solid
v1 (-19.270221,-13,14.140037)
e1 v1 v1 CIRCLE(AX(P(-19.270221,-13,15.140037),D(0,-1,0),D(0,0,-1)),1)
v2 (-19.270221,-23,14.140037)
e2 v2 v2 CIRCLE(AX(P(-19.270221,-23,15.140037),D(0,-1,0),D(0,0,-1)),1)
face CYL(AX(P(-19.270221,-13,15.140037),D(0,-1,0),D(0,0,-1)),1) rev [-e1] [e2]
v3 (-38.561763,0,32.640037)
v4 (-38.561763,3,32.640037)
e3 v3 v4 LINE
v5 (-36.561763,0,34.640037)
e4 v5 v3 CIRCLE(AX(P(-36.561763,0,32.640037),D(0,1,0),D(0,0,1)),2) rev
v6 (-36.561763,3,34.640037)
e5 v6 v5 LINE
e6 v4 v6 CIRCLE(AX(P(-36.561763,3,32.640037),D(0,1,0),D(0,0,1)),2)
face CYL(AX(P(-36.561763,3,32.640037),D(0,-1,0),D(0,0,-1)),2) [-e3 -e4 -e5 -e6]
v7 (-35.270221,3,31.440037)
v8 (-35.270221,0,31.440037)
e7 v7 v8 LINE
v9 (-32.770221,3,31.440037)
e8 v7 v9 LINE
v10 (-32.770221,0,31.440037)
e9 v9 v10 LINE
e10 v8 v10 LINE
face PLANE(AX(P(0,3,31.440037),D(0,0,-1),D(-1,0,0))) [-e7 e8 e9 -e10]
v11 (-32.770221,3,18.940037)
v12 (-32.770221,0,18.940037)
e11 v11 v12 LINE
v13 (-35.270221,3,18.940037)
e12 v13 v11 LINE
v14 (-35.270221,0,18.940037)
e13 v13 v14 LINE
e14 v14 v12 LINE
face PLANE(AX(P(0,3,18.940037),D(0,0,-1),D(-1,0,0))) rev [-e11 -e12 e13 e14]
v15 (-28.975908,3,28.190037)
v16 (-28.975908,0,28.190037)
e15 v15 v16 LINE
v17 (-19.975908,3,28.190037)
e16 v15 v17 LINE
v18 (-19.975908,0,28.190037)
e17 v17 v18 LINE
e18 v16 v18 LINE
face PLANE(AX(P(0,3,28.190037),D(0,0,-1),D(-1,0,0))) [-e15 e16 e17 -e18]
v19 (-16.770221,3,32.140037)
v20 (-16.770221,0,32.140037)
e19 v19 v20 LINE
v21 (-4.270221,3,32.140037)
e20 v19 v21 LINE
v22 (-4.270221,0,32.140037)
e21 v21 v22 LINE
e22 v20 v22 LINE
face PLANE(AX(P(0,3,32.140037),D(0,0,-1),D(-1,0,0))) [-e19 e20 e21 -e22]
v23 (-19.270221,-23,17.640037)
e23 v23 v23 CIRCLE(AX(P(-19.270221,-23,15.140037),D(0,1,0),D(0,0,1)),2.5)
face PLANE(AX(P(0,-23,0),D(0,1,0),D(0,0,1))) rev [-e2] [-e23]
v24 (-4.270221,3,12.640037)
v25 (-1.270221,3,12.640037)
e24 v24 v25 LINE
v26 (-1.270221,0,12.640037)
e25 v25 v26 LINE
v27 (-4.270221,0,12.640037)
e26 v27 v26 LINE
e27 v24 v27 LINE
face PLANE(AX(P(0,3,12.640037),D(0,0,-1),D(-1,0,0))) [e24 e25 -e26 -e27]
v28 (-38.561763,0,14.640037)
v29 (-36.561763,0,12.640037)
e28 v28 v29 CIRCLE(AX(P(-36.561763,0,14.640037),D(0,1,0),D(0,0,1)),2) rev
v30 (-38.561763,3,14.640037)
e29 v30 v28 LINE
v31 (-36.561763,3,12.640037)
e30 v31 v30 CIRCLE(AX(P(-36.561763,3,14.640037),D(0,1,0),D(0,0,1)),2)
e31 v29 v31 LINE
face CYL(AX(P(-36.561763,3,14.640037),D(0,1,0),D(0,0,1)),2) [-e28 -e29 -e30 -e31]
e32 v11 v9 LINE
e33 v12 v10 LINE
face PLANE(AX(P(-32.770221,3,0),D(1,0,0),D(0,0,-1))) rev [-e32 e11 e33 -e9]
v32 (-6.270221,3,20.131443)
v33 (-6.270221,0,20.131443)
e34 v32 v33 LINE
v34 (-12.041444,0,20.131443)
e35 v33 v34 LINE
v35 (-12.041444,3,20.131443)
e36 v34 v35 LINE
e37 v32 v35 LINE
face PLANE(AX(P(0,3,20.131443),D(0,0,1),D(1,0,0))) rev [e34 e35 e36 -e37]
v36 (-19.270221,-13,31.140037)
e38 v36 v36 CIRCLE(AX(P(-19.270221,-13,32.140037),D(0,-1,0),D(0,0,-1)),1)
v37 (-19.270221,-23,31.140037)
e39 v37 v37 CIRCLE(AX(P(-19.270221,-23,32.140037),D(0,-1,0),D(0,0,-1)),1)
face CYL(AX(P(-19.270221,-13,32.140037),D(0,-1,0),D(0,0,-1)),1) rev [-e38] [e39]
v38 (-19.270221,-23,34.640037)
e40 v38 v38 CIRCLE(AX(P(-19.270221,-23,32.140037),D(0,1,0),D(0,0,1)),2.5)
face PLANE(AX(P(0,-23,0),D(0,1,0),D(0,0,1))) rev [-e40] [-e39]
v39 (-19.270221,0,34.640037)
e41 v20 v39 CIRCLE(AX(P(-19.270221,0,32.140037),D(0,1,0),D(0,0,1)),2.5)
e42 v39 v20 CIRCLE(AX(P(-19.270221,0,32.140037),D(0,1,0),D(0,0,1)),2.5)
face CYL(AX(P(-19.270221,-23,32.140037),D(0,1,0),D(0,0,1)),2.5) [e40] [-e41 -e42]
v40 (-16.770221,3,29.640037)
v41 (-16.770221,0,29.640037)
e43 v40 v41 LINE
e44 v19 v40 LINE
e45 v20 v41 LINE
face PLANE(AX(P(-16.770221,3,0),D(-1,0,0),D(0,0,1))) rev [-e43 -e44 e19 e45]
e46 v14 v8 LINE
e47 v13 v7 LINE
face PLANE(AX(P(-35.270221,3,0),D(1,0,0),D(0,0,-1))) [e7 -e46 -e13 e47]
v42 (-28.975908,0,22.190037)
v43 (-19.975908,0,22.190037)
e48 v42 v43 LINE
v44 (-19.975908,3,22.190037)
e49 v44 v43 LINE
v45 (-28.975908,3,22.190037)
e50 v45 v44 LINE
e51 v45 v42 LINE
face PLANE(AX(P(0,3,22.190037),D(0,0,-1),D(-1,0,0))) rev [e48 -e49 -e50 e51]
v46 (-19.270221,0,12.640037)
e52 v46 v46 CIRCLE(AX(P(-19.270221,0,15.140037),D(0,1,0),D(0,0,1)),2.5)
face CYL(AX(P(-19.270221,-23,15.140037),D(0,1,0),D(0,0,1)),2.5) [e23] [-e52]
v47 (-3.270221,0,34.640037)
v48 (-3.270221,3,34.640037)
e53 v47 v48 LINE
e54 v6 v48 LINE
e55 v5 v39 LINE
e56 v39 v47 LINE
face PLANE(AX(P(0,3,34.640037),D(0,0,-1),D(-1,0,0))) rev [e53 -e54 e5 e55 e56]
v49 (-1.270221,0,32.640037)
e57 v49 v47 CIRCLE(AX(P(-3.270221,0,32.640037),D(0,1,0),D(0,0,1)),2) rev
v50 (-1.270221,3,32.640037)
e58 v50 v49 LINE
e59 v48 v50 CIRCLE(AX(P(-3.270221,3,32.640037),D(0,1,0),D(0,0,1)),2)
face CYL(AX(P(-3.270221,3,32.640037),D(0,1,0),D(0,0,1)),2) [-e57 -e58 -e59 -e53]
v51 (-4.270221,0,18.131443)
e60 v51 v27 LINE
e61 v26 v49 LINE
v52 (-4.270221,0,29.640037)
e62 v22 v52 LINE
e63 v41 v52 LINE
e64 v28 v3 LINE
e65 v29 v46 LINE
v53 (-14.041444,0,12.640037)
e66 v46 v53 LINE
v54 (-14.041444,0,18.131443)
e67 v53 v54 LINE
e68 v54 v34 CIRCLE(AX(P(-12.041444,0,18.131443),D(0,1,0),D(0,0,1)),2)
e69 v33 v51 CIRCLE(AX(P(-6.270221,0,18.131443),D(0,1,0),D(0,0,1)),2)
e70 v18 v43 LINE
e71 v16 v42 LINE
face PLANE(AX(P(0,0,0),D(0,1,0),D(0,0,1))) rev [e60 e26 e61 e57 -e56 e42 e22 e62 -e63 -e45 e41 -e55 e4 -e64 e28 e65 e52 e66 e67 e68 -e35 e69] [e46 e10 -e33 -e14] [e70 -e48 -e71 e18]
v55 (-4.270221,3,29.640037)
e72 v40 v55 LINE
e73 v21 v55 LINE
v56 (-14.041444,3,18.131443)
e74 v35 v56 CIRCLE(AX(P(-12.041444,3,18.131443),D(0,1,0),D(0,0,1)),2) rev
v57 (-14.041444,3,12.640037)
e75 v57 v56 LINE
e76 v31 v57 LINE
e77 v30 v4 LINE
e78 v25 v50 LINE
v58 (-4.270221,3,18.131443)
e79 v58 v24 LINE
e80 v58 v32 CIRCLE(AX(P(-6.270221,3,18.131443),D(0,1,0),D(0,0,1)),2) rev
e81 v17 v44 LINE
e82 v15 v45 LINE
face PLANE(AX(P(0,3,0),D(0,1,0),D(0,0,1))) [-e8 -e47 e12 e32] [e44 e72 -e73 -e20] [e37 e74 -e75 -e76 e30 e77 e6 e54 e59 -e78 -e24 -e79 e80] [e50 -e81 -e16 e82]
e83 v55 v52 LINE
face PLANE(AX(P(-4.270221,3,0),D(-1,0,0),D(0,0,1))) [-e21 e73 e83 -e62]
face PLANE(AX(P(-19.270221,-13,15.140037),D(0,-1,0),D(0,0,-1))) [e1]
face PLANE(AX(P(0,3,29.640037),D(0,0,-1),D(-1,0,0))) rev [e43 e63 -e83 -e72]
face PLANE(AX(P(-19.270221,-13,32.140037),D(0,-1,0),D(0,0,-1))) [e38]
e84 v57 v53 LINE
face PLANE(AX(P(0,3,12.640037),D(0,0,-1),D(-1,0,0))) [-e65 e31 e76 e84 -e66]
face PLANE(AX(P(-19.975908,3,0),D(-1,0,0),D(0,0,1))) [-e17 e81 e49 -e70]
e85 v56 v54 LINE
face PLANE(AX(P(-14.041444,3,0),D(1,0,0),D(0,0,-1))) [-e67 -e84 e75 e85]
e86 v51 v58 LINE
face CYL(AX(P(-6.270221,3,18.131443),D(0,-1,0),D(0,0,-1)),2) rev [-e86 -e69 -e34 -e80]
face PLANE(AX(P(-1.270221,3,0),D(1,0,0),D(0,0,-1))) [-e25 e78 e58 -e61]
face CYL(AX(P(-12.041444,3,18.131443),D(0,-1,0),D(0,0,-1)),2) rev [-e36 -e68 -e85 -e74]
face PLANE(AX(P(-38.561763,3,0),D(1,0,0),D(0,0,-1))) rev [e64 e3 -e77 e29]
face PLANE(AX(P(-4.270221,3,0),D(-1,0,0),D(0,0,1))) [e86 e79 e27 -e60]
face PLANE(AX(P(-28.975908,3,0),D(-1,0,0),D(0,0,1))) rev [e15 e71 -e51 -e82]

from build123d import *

# Parameters (mm, degrees)
SKETCH1_W           = 12.5
SKETCH1_H           = 2.5
SKETCH1_W_2         = 2.5
SKETCH1_H_2         = 12.5
SKETCH1_W_3         = 9
SKETCH1_H_3         = 6
BOSS_EXTRUDE1_DEPTH = 3
FILLET1_R           = 2
SKETCH1_6_R         = 2.5
BOSS_EXTRUDE4_DEPTH = 23
SKETCH3_R           = 1
CUT_EXTRUDE1_DEPTH  = 10


with BuildPart() as part:
    # Sketch1 → Boss-Extrude1 (new body)
    with BuildSketch(Plane(origin=(0, 0, 0), x_dir=(1, 0, 0), z_dir=(0, 1, 0))):
        Polygon((-38.561763486, -34.640037485), (-1.270220731, -34.640037485), (-1.270220731, -12.640037485), (-4.270220731, -12.640037485), (-4.270220731, -20.13144272), (-14.041444449, -20.13144272), (-14.041444449, -12.640037485), (-38.561763486, -12.640037485), align=None)
        with Locations((-10.520220731, -30.890037485)):
            Rectangle(SKETCH1_W, SKETCH1_H, mode=Mode.SUBTRACT)
        with Locations((-34.020220731, -25.190037485)):
            Rectangle(SKETCH1_W_2, SKETCH1_H_2, mode=Mode.SUBTRACT)
        with Locations((-24.475907507, -25.190037485)):
            Rectangle(SKETCH1_W_3, SKETCH1_H_3, mode=Mode.SUBTRACT)
    extrude(amount=BOSS_EXTRUDE1_DEPTH)

    # Fillet1
    fillet1_edges = [part.edges().sort_by_distance(p)[0] for p in [
        (-38.561763486, 1.5, 12.640037485),
        (-38.561763486, 1.5, 34.640037485),
        (-1.270220731, 1.5, 34.640037485),
        (-14.041444449, 1.5, 20.13144272),
        (-4.270220731, 1.5, 20.13144272),
    ]]
    fillet(fillet1_edges, radius=FILLET1_R)

    # Sketch1<6> → Boss-Extrude4 (add)
    with BuildSketch(Plane(origin=(0, 0, 0), x_dir=(1, 0, 0), z_dir=(0, 1, 0))):
        with Locations((-19.270220731, -15.140037485)):
            Circle(SKETCH1_6_R)
        with Locations((-19.270220731, -32.140037485)):
            Circle(SKETCH1_6_R)
    extrude(amount=-BOSS_EXTRUDE4_DEPTH)

    # Sketch3 → Cut-Extrude1 (cut)
    with BuildSketch(Plane(origin=(0, -23, 0), x_dir=(-1, 0, 0), z_dir=(0, -1, 0))):
        with Locations((19.270220731, -32.140037485)):
            Circle(SKETCH3_R)
        with Locations((19.270220731, -15.140037485)):
            Circle(SKETCH3_R)
    extrude(amount=-CUT_EXTRUDE1_DEPTH, mode=Mode.SUBTRACT)


solid = part.part
